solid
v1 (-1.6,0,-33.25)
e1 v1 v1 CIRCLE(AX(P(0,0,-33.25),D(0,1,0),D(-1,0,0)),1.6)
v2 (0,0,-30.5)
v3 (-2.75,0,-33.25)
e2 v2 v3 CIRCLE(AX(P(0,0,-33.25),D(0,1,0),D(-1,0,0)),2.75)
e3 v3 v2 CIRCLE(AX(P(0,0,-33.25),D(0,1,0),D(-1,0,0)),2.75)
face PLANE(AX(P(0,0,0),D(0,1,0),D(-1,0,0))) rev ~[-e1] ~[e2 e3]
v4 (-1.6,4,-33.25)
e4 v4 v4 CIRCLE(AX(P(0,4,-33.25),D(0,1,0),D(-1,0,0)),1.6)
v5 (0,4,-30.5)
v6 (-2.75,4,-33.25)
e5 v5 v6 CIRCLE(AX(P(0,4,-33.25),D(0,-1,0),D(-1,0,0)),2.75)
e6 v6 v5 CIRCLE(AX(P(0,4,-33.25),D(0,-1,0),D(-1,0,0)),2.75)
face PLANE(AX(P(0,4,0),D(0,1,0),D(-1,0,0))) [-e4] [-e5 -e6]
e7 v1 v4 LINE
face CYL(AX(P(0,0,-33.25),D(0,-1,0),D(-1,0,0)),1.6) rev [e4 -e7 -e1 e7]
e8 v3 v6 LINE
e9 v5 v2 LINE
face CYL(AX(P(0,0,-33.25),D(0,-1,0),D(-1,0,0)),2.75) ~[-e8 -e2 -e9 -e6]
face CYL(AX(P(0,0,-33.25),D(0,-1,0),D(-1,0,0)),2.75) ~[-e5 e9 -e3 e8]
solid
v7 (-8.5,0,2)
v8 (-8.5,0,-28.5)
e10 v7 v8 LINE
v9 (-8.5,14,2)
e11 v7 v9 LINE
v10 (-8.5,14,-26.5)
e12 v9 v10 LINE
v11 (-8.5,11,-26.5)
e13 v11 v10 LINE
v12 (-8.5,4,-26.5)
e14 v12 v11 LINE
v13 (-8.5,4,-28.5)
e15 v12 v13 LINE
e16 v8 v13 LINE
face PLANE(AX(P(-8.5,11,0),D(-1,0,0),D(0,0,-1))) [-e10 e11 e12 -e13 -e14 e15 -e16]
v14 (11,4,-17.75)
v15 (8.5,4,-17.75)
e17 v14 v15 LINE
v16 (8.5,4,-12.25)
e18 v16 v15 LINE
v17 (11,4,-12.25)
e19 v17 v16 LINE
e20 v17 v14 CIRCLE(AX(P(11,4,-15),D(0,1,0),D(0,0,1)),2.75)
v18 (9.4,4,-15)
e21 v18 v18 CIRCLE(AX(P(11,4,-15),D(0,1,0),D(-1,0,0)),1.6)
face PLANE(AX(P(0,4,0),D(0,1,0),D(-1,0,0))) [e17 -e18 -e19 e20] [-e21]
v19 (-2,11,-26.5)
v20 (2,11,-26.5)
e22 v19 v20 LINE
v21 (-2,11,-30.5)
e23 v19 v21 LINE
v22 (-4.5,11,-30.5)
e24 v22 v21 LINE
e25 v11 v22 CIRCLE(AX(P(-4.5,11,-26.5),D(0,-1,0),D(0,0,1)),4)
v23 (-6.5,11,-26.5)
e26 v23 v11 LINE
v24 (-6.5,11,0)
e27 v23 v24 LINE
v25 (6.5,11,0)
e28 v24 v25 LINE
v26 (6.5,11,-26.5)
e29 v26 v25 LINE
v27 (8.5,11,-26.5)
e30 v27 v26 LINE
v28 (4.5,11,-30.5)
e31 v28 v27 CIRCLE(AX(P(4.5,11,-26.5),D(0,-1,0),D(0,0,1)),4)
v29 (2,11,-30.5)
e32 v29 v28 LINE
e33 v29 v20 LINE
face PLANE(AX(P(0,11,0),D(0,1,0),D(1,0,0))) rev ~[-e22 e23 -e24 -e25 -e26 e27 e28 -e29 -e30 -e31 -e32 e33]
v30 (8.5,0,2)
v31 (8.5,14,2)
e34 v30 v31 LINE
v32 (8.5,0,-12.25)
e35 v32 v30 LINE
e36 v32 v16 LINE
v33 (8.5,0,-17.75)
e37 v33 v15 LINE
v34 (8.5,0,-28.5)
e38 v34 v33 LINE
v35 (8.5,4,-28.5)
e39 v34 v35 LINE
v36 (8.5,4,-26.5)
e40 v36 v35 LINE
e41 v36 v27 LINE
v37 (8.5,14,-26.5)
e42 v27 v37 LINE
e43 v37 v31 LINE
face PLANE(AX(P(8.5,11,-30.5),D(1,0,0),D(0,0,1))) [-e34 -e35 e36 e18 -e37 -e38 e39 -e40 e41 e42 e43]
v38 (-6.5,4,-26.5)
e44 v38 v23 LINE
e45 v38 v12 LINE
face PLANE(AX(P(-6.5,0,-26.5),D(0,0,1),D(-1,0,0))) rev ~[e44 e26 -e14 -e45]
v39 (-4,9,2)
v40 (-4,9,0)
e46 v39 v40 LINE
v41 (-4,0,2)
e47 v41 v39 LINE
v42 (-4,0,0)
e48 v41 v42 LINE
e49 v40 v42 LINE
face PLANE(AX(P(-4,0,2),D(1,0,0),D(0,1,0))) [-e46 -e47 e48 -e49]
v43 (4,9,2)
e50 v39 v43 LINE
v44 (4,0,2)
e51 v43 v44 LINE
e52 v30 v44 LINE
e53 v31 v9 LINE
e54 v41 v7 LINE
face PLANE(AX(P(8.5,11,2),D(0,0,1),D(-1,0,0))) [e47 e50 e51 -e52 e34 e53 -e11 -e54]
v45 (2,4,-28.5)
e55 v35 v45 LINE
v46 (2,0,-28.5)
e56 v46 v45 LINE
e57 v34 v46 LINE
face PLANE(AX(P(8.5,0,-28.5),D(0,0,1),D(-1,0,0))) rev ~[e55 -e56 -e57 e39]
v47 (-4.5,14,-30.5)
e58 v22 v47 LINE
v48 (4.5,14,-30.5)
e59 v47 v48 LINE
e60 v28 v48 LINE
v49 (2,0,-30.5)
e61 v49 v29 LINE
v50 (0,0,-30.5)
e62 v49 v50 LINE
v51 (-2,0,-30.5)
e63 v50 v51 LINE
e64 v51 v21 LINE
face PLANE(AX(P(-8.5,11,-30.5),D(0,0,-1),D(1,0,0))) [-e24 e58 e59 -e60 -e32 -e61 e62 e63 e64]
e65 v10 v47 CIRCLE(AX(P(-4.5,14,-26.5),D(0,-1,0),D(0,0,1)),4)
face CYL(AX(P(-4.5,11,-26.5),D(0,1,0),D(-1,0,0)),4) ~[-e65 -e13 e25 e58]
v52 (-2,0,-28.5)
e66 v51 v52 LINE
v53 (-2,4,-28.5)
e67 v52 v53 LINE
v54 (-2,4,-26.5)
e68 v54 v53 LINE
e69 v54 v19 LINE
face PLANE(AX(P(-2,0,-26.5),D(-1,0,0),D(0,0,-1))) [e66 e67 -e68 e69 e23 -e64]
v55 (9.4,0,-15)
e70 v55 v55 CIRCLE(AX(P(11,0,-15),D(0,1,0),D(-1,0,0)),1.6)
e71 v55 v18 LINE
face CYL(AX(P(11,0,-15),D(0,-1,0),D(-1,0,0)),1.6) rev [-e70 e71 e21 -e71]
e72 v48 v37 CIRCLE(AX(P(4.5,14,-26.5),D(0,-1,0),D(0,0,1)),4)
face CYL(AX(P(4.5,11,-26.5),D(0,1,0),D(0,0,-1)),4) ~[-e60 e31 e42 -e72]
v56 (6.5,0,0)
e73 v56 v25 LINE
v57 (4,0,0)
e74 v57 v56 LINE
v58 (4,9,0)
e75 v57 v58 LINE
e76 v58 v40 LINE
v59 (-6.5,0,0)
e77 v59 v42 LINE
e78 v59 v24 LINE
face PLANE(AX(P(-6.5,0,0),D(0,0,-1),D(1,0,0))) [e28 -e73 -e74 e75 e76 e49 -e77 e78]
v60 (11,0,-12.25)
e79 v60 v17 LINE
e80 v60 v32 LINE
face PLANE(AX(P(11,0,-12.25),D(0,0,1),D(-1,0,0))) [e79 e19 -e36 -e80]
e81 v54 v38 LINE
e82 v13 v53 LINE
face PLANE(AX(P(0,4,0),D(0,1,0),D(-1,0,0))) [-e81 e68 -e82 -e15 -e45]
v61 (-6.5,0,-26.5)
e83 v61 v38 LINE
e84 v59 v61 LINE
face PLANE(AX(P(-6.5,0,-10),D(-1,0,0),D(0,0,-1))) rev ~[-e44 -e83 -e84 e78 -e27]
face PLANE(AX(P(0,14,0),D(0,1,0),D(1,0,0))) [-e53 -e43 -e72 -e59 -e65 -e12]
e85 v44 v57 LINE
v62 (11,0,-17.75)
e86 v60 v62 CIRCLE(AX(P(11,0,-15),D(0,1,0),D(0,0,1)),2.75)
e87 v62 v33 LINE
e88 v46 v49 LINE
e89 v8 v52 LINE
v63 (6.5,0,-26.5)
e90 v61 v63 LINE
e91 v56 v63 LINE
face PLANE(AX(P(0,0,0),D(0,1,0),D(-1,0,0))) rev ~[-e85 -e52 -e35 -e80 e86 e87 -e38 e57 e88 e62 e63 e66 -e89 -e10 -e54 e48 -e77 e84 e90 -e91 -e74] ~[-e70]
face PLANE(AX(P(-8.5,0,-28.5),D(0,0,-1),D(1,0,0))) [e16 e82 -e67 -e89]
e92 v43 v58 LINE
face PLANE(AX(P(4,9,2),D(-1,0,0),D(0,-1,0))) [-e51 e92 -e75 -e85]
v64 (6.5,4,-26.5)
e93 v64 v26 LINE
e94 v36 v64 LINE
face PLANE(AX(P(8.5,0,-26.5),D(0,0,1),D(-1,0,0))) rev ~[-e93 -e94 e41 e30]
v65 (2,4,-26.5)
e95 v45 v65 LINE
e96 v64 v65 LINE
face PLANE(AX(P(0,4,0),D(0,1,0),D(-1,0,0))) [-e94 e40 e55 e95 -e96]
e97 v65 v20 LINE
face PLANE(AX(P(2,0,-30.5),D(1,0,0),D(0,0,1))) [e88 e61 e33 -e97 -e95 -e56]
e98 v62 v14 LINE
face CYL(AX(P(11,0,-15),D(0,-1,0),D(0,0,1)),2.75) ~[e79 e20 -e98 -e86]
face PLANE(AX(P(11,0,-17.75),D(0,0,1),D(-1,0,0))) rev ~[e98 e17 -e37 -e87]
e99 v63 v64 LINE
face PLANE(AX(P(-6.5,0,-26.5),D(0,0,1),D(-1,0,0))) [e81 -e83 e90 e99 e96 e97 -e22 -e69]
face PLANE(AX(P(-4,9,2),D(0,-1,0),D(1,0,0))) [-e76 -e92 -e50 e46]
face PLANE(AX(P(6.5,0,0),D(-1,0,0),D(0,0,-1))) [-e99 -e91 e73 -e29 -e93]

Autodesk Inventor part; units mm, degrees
ref_plane "YZ Plane" through (0, 0, 0) normal (1, 0, 0) x (0, 1, 0)
ref_plane "XZ Plane" through (0, 0, 0) normal (0, 1, 0) x (-1, 0, 0)
ref_plane "XY Plane" through (0, 0, 0) normal (0, 0, 1) x (1, 0, 0)
sketch "Szkic1" plane through (0, 0, 0) normal (0, 1, 0) x (-1, 0, 0)
  line L0 (0, 0) -> (0, -26.5) construction
  line L1 (6.5, -26.5) -> (-6.5, -26.5)
  line L2 (6.5, 0) -> (-6.5, 0)
  line L3 (-6.5, 0) -> (-6.5, 2)
  line L4 (-6.5, 2) -> (6.5, 2)
  line L5 (6.5, 2) -> (6.5, 0)
  line L6 (-6.5, 0) -> (-6.5, -10)
  line L7 (6.5, 0) -> (6.5, -10)
  line L8 (6.5, -10) -> (6.5, -26.5)
  line L9 (-6.5, -10) -> (-6.5, -26.5)
  line L10 (-6.5, 2) -> (-8.5, 2)
  line L11 (2, -26.5) -> (2, -30.5)
  line L12 (2, -30.5) -> (-2, -30.5)
  line L13 (-2, -30.5) -> (-2, -26.5)
  line L14 (-8.5, 2) -> (-8.5, -26.5)
  line L15 (-8.5, -26.5) -> (-6.5, -26.5)
  line L16 (6.5, -26.5) -> (8.5, -26.5)
  line L17 (8.5, -26.5) -> (8.5, 2)
  line L18 (8.5, 2) -> (6.5, 2)
  line L19 (11, -15) -> (-11, -15) construction
  circle A0 centre (-11, -15) radius 1.6
  circle A1 centre (11, -15) radius 1.6
  arc A2 (-11, -12.25) -> (-11, -17.75) centre (-11, -15) ccw
  arc A3 (11, -17.75) -> (11, -12.25) centre (11, -15) ccw
  line L20 (11, -12.25) -> (8.5, -12.25)
  line L21 (11, -17.75) -> (8.5, -17.75)
  line L22 (-11, -17.75) -> (-8.5, -17.75)
  line L23 (-11, -12.25) -> (-8.5, -12.25)
  line L24 (0, -30.5) -> (0, -33.25) construction
  circle A4 centre (0, -33.25) radius 1.6
  circle A5 centre (0, -33.25) radius 2.75
  line L25 (2, -30.5) -> (2, -31.3625)
  line L26 (-2, -30.5) -> (-2, -31.3625)
  line L27 (8.5, -26.5) -> (8.5, -28.5)
  line L28 (8.5, -28.5) -> (2, -28.5)
  line L29 (-8.5, -26.5) -> (-8.5, -28.5)
  line L30 (-8.5, -28.5) -> (-2, -28.5)
  point P0 (0, -15)
  dimension "d0" = 26.5
  dimension "d1" = 13
  dimension "d2" = 2
  dimension "d3" = 13
  dimension "d4" = 10
  dimension "d5" = 10
  dimension "d6" = 4
  dimension "d7" = 4
  dimension "d8" = 4.5
  dimension "d9" = 2
  dimension "d10" = 2
  dimension "d11" = 22
  dimension "d12" = 3.2
  dimension "d13" = 3.2
  dimension "d14" = 5.5
  dimension "d15" = 5.5
  dimension "d16" = 15
  dimension "d33" = 2.75
  dimension "d34" = 3.2
  dimension "d35" = 2
  dimension "d36" = 2
extrude "Wyciągnięcie proste1" add sketch "Szkic1" along normal blind 11 contours L8 L7 L5 L18 L17 L16 | L11 L12 L13 L1 | L2 L3 L4 L5 | L15 L14 L10 L3 L6 L9
extrude "Wyciągnięcie proste2" add sketch "Szkic1" along normal blind 4 contours L16 L27 L28 L11 L1 | L13 L30 L29 L15 L1 | A5 | L22 A2 L23 L14
sketch "Szkic2" plane through (0, 11, 0) normal (0, 1, 0) x (1, 0, 0)
  line L0 (0, 0) -> (-8.5, 0)
  line L1 (-8.5, 0) -> (-8.5, 30.5)
  line L2 (-8.5, 30.5) -> (8.5, 30.5)
  line L3 (8.5, 30.5) -> (8.5, -2)
  line L4 (8.5, -2) -> (-8.5, -2)
  line L5 (-8.5, -2) -> (-8.5, 0)
  dimension "d21" = 8.5
  dimension "d22" = 17
  dimension "d23" = 32.5
  dimension "d24" = 2
extrude "Wyciągnięcie proste3" add sketch "Szkic2" along normal blind 3
fillet "Zaokrąglenie1" radius 4 2 edges at (8.5, 12.5, -30.5) (-8.5, 12.5, -30.5)
sketch "Szkic3" plane through (-8.5, 0, 2) normal (0, 0, 1) x (1, 0, 0)
  line L0 (0, 0) -> (8.5, 0) construction
  line L1 (4.5, 0) -> (12.5, 0)
  line L2 (4.5, 0) -> (4.5, 9)
  line L3 (4.5, 9) -> (12.5, 9)
  line L4 (12.5, 9) -> (12.5, 0)
  dimension "d28" = 8.5
  dimension "d29" = 8
  dimension "d30" = 9
extrude "Wyciągnięcie proste4" cut sketch "Szkic3" against normal blind 3
equation "\"d3\" = d1"
equation "\"d5\" = d4"
equation "\"d10\" = d9"
properties part number "Część2-lewo"
